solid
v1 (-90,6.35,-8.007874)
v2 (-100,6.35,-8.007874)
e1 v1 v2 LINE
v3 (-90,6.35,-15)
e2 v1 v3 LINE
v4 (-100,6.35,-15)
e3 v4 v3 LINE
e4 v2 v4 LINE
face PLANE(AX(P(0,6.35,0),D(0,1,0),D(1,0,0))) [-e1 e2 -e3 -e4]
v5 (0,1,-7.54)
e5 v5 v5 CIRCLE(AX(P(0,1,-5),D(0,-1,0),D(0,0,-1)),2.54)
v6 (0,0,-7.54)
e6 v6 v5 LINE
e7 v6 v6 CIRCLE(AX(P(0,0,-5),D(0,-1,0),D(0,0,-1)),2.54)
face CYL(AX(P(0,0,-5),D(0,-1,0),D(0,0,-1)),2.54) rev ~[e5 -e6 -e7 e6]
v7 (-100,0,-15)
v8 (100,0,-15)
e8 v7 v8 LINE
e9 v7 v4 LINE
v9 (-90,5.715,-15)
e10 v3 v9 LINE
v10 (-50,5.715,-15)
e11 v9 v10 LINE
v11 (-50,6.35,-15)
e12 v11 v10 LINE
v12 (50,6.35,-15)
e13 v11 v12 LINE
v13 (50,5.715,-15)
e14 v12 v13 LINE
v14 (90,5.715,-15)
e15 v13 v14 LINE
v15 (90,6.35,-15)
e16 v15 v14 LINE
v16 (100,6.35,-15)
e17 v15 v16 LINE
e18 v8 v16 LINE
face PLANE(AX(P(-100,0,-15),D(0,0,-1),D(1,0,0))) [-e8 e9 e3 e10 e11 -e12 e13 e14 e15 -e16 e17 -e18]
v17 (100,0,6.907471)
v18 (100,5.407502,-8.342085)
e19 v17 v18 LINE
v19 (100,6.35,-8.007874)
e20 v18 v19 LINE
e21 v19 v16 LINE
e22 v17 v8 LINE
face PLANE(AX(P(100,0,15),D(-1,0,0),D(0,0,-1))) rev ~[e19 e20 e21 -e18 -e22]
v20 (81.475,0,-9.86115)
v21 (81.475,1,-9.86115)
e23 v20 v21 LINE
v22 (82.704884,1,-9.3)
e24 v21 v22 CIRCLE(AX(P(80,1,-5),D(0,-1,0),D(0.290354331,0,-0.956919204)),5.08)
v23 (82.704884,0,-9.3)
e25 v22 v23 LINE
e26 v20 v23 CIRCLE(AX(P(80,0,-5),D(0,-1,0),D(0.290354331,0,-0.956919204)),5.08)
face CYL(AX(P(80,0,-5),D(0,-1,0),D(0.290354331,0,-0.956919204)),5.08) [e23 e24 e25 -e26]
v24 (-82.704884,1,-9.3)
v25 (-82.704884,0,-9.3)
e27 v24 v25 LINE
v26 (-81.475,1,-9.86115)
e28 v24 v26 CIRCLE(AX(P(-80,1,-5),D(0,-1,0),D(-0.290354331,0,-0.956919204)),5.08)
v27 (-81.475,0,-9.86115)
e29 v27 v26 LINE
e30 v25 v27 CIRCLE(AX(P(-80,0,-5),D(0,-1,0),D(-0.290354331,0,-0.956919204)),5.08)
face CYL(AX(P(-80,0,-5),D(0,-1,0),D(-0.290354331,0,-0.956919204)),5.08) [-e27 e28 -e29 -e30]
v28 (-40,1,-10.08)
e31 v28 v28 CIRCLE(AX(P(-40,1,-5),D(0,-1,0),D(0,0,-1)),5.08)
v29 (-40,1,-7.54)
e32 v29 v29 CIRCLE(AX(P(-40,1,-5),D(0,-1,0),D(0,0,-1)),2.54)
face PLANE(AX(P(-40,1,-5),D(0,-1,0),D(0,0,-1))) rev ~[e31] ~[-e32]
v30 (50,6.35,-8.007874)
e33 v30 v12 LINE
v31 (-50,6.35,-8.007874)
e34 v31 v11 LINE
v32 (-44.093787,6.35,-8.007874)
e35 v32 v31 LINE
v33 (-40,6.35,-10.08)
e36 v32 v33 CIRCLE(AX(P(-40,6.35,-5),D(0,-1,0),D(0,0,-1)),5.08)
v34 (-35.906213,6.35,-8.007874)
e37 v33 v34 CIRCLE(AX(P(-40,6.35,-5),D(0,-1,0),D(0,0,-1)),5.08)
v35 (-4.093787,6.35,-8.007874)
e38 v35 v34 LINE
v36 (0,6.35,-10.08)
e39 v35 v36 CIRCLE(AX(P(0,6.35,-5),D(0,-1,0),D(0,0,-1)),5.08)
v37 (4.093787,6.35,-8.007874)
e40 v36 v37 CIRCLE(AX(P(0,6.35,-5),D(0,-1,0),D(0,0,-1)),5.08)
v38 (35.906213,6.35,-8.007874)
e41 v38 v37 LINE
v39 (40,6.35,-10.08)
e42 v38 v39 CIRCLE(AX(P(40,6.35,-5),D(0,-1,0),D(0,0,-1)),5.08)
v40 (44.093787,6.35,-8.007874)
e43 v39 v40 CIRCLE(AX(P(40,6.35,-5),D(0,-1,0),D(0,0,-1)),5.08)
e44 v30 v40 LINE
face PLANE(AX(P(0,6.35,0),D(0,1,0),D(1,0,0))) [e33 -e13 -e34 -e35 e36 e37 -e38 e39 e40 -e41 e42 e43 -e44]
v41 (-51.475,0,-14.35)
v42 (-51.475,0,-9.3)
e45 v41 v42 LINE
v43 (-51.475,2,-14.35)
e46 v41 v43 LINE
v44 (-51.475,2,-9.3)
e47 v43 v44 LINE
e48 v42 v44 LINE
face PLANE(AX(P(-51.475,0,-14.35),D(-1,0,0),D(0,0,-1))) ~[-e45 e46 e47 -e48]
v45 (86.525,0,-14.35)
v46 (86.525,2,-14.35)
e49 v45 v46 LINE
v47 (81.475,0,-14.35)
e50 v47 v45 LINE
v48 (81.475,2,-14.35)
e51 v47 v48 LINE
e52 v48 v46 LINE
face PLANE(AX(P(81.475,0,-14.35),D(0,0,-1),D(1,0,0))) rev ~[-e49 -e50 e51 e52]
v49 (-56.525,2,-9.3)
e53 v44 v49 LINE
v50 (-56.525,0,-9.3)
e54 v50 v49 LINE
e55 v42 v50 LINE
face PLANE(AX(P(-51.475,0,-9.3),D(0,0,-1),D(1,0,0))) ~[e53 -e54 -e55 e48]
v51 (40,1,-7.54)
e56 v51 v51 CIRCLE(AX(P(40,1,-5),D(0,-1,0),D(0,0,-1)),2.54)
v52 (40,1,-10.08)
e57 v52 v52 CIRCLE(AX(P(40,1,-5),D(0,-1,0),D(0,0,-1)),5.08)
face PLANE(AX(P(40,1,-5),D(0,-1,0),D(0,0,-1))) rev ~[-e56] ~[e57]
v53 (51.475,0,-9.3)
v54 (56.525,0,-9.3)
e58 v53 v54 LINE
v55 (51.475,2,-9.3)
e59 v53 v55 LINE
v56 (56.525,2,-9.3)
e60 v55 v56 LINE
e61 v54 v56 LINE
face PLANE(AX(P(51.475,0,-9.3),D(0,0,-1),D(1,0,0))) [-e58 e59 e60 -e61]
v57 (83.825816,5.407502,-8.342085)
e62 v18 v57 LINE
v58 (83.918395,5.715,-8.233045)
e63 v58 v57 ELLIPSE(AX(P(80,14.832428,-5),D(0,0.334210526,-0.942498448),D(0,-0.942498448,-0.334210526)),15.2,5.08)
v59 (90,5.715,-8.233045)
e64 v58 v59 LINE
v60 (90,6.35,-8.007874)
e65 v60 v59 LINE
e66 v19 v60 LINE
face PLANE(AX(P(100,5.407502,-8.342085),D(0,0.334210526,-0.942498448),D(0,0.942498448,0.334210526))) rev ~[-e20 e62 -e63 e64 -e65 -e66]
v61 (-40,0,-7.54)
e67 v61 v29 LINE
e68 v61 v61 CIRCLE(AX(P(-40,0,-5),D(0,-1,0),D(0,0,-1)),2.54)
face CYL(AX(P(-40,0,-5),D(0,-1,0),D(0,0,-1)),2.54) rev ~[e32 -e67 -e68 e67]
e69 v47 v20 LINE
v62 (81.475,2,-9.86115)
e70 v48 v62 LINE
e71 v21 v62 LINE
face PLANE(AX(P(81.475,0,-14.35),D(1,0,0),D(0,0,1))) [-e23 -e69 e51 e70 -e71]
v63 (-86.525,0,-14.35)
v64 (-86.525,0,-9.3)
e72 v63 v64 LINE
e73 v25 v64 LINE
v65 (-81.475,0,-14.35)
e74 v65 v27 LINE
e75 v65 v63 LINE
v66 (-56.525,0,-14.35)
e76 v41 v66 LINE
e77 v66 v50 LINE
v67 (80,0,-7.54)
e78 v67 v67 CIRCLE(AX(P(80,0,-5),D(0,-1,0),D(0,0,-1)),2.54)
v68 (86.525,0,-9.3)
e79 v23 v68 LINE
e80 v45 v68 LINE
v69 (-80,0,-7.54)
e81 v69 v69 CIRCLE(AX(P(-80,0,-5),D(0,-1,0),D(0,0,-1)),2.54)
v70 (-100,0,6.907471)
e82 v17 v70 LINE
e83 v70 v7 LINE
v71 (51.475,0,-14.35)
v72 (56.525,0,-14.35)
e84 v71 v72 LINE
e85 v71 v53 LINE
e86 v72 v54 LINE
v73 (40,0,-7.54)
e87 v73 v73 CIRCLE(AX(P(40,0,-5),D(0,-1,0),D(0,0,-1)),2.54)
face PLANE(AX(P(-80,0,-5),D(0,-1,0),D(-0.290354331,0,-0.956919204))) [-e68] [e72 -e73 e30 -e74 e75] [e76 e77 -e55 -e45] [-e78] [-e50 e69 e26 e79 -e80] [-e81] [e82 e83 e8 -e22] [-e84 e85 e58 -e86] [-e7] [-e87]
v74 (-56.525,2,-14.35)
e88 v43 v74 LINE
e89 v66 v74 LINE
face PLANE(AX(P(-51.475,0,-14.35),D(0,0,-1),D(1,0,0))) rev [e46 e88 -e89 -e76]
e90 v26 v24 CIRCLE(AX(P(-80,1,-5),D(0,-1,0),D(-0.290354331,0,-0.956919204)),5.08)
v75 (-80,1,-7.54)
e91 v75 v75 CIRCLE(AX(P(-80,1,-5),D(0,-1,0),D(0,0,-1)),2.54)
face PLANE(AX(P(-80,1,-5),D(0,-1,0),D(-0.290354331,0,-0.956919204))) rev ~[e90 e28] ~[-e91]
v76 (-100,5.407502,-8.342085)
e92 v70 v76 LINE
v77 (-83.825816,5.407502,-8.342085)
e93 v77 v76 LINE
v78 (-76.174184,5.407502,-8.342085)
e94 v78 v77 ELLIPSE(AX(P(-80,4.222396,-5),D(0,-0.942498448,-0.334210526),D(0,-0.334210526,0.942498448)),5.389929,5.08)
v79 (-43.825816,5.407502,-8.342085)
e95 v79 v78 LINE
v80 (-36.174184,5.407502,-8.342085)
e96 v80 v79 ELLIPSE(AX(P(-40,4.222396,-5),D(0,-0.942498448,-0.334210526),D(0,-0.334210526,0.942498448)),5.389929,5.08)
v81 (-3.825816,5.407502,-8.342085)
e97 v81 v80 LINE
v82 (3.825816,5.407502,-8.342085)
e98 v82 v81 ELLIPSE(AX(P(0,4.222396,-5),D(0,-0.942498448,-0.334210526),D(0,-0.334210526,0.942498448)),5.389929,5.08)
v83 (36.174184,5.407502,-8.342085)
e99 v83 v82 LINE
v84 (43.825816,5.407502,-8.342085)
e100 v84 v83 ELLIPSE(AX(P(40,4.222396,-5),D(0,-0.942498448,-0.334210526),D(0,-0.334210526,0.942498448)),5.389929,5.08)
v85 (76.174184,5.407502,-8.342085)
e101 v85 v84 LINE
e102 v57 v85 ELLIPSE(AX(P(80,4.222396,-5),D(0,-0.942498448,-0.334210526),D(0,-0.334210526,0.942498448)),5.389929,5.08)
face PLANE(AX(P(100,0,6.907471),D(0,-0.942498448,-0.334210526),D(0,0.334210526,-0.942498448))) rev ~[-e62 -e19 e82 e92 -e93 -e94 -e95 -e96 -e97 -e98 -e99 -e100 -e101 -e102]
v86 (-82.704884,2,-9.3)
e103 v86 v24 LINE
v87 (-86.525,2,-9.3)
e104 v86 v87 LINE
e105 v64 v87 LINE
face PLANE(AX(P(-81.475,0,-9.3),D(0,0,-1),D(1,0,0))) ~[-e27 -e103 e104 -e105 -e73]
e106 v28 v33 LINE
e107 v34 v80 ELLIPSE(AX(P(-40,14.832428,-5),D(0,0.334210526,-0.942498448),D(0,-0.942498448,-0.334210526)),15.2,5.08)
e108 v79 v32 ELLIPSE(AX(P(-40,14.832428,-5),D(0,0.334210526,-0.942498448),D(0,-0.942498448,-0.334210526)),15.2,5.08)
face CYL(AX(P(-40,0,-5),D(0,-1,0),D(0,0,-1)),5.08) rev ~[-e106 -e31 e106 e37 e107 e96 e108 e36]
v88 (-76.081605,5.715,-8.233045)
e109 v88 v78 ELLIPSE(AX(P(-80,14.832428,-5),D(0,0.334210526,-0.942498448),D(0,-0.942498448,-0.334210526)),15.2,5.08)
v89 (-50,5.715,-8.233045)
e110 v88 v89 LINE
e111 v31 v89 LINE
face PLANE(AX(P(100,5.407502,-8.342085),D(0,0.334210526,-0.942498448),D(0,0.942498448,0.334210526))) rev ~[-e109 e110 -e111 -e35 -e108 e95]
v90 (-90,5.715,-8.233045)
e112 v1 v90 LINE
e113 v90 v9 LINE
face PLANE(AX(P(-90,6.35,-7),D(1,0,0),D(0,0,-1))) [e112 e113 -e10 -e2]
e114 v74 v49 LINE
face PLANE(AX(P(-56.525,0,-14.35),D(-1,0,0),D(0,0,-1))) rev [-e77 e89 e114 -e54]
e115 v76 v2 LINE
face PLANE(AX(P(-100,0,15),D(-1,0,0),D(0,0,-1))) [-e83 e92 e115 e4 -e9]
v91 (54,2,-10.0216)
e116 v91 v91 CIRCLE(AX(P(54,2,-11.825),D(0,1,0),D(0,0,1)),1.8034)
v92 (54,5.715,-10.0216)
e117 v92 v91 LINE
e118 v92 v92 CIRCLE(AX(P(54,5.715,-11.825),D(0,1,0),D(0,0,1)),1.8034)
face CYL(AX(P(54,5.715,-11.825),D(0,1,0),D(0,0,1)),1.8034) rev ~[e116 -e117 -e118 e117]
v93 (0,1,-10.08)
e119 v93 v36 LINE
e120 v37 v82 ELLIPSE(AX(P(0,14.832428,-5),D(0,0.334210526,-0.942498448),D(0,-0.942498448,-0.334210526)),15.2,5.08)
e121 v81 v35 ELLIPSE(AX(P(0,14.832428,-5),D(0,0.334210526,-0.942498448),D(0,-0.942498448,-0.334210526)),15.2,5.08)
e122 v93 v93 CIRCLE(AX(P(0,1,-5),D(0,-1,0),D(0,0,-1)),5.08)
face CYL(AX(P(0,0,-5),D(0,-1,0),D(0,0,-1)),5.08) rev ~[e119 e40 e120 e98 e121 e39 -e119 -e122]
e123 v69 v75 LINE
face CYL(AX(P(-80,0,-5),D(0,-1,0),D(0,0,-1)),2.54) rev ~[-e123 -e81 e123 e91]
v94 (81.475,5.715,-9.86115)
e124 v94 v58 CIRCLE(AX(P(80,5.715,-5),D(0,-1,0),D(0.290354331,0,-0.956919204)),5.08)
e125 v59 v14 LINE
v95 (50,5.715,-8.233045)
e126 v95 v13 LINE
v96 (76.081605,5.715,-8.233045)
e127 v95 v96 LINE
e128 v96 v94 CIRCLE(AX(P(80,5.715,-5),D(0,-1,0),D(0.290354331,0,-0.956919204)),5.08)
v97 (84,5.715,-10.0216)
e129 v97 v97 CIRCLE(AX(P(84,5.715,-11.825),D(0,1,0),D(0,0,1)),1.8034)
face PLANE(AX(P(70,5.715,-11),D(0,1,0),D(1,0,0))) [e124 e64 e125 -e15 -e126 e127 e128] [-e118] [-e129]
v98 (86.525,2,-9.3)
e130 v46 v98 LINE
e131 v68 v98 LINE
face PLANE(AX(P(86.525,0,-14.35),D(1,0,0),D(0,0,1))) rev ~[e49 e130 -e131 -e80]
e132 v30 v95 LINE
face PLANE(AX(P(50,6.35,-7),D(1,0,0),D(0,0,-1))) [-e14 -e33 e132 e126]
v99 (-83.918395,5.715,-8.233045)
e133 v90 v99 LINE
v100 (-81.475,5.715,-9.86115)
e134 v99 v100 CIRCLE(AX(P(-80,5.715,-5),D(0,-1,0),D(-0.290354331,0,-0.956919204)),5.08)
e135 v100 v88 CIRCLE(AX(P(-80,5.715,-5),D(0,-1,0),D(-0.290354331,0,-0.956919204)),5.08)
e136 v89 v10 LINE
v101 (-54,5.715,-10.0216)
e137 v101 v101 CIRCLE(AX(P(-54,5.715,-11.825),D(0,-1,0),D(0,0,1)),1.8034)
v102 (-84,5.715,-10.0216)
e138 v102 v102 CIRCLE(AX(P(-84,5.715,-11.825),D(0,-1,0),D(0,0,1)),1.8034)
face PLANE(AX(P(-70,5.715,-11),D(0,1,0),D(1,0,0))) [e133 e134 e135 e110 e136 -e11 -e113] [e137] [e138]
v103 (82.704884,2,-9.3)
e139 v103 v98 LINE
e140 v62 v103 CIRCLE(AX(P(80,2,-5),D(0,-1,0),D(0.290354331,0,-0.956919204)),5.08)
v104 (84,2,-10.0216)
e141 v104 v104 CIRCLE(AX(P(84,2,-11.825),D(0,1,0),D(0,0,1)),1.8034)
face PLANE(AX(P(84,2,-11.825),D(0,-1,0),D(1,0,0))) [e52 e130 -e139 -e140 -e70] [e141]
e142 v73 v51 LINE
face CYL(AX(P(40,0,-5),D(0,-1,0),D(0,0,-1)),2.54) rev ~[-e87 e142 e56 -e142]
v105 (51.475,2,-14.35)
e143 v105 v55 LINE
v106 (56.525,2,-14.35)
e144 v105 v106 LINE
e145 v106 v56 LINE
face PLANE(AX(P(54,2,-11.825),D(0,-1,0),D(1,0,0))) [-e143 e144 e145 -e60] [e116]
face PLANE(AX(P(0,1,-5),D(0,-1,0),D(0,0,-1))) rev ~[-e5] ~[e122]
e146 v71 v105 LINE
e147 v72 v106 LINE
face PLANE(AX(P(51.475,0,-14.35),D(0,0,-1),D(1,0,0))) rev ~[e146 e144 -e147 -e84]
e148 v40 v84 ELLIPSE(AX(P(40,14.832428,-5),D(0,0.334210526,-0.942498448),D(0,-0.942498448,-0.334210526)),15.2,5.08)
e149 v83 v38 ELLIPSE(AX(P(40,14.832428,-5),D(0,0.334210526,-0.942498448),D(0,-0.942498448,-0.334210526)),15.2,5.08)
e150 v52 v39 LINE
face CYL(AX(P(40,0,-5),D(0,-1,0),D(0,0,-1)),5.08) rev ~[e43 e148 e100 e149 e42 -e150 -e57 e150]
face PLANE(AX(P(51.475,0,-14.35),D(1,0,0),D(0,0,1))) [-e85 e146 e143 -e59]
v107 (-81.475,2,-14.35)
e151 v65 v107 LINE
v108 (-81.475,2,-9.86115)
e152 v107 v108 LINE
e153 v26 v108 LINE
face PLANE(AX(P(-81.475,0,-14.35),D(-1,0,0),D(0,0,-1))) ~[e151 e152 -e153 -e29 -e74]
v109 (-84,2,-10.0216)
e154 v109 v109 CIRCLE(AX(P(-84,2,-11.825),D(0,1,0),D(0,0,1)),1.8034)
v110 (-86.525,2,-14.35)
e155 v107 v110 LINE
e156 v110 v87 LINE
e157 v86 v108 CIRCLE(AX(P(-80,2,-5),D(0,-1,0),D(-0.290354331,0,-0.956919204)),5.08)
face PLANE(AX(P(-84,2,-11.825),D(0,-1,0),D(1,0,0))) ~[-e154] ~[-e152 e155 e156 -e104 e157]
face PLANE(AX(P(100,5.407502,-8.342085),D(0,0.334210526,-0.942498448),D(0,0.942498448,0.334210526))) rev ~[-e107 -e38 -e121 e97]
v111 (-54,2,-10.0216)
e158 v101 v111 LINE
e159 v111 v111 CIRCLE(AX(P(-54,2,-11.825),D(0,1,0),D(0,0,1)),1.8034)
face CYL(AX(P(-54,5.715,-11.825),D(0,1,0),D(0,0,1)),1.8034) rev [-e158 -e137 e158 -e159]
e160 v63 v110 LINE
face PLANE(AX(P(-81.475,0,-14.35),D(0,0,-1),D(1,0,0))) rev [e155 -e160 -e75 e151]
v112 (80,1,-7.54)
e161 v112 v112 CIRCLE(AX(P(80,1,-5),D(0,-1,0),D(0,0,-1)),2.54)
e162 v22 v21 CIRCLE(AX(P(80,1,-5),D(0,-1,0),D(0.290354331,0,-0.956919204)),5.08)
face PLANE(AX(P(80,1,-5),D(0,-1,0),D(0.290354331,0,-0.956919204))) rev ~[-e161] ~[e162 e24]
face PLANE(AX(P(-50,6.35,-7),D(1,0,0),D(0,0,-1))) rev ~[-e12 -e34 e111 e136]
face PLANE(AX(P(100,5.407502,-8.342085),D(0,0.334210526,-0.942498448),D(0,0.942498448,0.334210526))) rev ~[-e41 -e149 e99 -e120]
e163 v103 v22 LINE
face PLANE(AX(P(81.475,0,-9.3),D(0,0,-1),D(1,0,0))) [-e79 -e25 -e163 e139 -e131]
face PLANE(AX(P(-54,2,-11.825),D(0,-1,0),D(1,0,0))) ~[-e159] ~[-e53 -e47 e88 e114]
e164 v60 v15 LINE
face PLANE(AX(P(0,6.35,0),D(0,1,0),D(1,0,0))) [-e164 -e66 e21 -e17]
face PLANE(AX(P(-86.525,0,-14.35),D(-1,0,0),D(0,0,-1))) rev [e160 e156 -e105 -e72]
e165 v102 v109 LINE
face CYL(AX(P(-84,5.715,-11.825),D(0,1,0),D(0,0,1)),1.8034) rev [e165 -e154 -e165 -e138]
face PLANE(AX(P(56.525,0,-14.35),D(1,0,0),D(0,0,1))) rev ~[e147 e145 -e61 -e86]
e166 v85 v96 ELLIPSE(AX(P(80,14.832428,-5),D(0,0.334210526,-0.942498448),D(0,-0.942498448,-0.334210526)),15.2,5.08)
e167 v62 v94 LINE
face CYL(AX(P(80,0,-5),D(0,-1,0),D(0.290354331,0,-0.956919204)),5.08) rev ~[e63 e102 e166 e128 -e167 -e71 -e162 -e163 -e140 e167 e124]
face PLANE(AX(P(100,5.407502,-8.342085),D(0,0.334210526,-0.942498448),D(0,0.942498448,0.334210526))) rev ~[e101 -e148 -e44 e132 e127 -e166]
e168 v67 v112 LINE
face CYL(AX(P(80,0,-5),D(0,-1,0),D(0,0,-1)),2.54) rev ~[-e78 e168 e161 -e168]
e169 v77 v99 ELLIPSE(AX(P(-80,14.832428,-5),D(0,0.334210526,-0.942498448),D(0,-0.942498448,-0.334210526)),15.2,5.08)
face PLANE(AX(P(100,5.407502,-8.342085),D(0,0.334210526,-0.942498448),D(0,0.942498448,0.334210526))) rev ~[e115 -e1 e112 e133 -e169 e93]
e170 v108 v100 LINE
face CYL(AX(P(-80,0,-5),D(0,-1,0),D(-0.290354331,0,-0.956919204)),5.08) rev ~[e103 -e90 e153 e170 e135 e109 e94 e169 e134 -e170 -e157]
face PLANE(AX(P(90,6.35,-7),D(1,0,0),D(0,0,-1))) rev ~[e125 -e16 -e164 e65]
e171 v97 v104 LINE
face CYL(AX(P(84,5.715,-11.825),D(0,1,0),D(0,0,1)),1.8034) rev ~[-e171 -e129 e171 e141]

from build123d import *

# Parameters (mm, degrees)
SKETCH1_W            = 200
SKETCH1_H            = 30
BASE_DEPTH           = 6.35
WEDGECUT_REACH       = 202.662
SKETCH3_W            = 40
SKETCH3_H            = 8
HINGE_CUTOUT_DEPTH   = 0.635
HINGE_HOLE_CUT_REACH = 103.28
SKETCH4_R            = 1.8034
SKETCH5_W            = 5.05
SKETCH5_H            = 5.05
HINGE_NUT_CUT_DEPTH  = 2
SKETCH6_R            = 5.08
CUT_EXTRUDE1_DEPTH   = 102.317927831
SKETCH7_R            = 5.08
SKETCH7_R_2          = 2.54
BOSS_EXTRUDE1_DEPTH  = 1


with BuildPart() as part:
    # Sketch1 → Base (new body)
    with BuildSketch(Plane(origin=(0, 0, 0), x_dir=(1, 0, 0), z_dir=(0, 1, 0))):
        Rectangle(SKETCH1_W, SKETCH1_H)
    extrude(amount=BASE_DEPTH)

    # Sketch2 → WedgeCut (cut, up to next)
    with BuildSketch(Plane(origin=(100, 0, 0), x_dir=(0, 0, -1), z_dir=(1, 0, 0)), mode=Mode.PRIVATE) as wedgecut_sk1:
        Polygon((-15, 0), (-6.907470508, 0), (8.342084542, 5.407501552), (8.007874016, 6.35), (-15, 6.35), align=None)
    wedgecut_tool1 = extrude(wedgecut_sk1.sketch, amount=-WEDGECUT_REACH, mode=Mode.PRIVATE) & part.part
    add(wedgecut_tool1.solids().sort_by_distance((100, 3.70048, 5.888491))[0], mode=Mode.SUBTRACT)

    # Sketch3 → Hinge Cutout (cut)
    with BuildSketch(Plane(origin=(0, 6.35, 0), x_dir=(1, 0, 0), z_dir=(0, 1, 0))):
        with Locations((-69.999999934, 11)):
            Rectangle(SKETCH3_W, SKETCH3_H)
        with Locations((70, 11)):
            Rectangle(SKETCH3_W, SKETCH3_H)
    extrude(amount=-HINGE_CUTOUT_DEPTH, mode=Mode.SUBTRACT)

    # Sketch4 → Hinge Hole Cut (cut, up to next)
    with BuildSketch(Plane(origin=(0, 5.715, 0), x_dir=(1, 0, 0), z_dir=(0, 1, 0)), mode=Mode.PRIVATE) as hinge_hole_cut_sk1:
        with Locations(Location((54, 11.825, 0), (0, 0, 270))):
            Circle(SKETCH4_R)
    hinge_hole_cut_tool1 = extrude(hinge_hole_cut_sk1.sketch, amount=-HINGE_HOLE_CUT_REACH, mode=Mode.PRIVATE) & part.part
    # Sketch4 → Hinge Hole Cut (cut, up to next)
    with BuildSketch(Plane(origin=(0, 5.715, 0), x_dir=(1, 0, 0), z_dir=(0, 1, 0)), mode=Mode.PRIVATE) as hinge_hole_cut_sk2:
        with Locations(Location((84, 11.825, 0), (0, 0, 270))):
            Circle(SKETCH4_R)
    hinge_hole_cut_tool2 = extrude(hinge_hole_cut_sk2.sketch, amount=-HINGE_HOLE_CUT_REACH, mode=Mode.PRIVATE) & part.part
    hinge_hole_cut_1 = hinge_hole_cut_tool1.solids().sort_by_distance((54, 5.715, -11.825))[0]
    add(hinge_hole_cut_1, mode=Mode.SUBTRACT)
    hinge_hole_cut_2 = hinge_hole_cut_tool2.solids().sort_by_distance((84, 5.715, -11.825))[0]
    add(hinge_hole_cut_2, mode=Mode.SUBTRACT)
    hinge_hole_cut = hinge_hole_cut_1 + hinge_hole_cut_2  # Hinge Hole Cut as one shape, for the pattern or mirror that repeats it

    # Sketch5 → Hinge Nut Cut (cut)
    with BuildSketch(Plane.XZ):
        with Locations((54, -11.825)):
            Rectangle(SKETCH5_W, SKETCH5_H)
        with Locations((84, -11.825)):
            Rectangle(SKETCH5_W, SKETCH5_H)
    hinge_nut_cut = extrude(amount=-HINGE_NUT_CUT_DEPTH, mode=Mode.SUBTRACT)

    # Hinge Hole Mirror: Hinge Hole Cut, Hinge Nut Cut across plane
    add(hinge_hole_cut.mirror(Plane(origin=(0, 0, 0), x_dir=(0, 0, 1), z_dir=(1, 0, 0))), mode=Mode.SUBTRACT)
    add(hinge_nut_cut.mirror(Plane(origin=(0, 0, 0), x_dir=(0, 0, 1), z_dir=(1, 0, 0))), mode=Mode.SUBTRACT)

    # Sketch6 → Cut-Extrude1 (cut, through all)
    with BuildSketch(Plane(origin=(0, 0, 0), x_dir=(-1, 0, 0), z_dir=(0, -1, 0))):
        with Locations(Location((-80, 5, 0), (0, 0, 106.879170472))):
            Circle(SKETCH6_R)
        with Locations(Location((-40, 5, 0), (0, 0, 90))):
            Circle(SKETCH6_R)
        with Locations(Location((0, 5, 0), (0, 0, 90))):
            Circle(SKETCH6_R)
        with Locations(Location((40, 5, 0), (0, 0, 90))):
            Circle(SKETCH6_R)
        with Locations(Location((80, 5, 0), (0, 0, 73.120829528))):
            Circle(SKETCH6_R)
    extrude(amount=-CUT_EXTRUDE1_DEPTH, mode=Mode.SUBTRACT)

    # Sketch7 → Boss-Extrude1 (add)
    # profile 1 of 5: a face of its own
    with BuildSketch(Plane.XZ):
        with Locations(Location((-80, -5, 0), (0, 0, 253.120829528))):
            Circle(SKETCH7_R)
        with Locations(Location((-80, -5, 0), (0, 0, 270))):
            Circle(SKETCH7_R_2, mode=Mode.SUBTRACT)
    # profile 2 of 5: a face of its own
    with BuildSketch(Plane.XZ):
        with Locations(Location((-40, -5, 0), (0, 0, 270))):
            Circle(SKETCH7_R)
        with Locations(Location((-40, -5, 0), (0, 0, 270))):
            Circle(SKETCH7_R_2, mode=Mode.SUBTRACT)
    # profile 3 of 5: a face of its own
    with BuildSketch(Plane.XZ):
        with Locations(Location((0, -5, 0), (0, 0, 270))):
            Circle(SKETCH7_R)
        with Locations(Location((0, -5, 0), (0, 0, 270))):
            Circle(SKETCH7_R_2, mode=Mode.SUBTRACT)
    # profile 4 of 5: a face of its own
    with BuildSketch(Plane.XZ):
        with Locations(Location((40, -5, 0), (0, 0, 270))):
            Circle(SKETCH7_R)
        with Locations(Location((40, -5, 0), (0, 0, 270))):
            Circle(SKETCH7_R_2, mode=Mode.SUBTRACT)
    # profile 5 of 5: a face of its own
    with BuildSketch(Plane.XZ):
        with Locations(Location((80, -5, 0), (0, 0, 286.879170472))):
            Circle(SKETCH7_R)
        with Locations(Location((80, -5, 0), (0, 0, 270))):
            Circle(SKETCH7_R_2, mode=Mode.SUBTRACT)
    extrude(amount=-BOSS_EXTRUDE1_DEPTH)


solid = part.part
